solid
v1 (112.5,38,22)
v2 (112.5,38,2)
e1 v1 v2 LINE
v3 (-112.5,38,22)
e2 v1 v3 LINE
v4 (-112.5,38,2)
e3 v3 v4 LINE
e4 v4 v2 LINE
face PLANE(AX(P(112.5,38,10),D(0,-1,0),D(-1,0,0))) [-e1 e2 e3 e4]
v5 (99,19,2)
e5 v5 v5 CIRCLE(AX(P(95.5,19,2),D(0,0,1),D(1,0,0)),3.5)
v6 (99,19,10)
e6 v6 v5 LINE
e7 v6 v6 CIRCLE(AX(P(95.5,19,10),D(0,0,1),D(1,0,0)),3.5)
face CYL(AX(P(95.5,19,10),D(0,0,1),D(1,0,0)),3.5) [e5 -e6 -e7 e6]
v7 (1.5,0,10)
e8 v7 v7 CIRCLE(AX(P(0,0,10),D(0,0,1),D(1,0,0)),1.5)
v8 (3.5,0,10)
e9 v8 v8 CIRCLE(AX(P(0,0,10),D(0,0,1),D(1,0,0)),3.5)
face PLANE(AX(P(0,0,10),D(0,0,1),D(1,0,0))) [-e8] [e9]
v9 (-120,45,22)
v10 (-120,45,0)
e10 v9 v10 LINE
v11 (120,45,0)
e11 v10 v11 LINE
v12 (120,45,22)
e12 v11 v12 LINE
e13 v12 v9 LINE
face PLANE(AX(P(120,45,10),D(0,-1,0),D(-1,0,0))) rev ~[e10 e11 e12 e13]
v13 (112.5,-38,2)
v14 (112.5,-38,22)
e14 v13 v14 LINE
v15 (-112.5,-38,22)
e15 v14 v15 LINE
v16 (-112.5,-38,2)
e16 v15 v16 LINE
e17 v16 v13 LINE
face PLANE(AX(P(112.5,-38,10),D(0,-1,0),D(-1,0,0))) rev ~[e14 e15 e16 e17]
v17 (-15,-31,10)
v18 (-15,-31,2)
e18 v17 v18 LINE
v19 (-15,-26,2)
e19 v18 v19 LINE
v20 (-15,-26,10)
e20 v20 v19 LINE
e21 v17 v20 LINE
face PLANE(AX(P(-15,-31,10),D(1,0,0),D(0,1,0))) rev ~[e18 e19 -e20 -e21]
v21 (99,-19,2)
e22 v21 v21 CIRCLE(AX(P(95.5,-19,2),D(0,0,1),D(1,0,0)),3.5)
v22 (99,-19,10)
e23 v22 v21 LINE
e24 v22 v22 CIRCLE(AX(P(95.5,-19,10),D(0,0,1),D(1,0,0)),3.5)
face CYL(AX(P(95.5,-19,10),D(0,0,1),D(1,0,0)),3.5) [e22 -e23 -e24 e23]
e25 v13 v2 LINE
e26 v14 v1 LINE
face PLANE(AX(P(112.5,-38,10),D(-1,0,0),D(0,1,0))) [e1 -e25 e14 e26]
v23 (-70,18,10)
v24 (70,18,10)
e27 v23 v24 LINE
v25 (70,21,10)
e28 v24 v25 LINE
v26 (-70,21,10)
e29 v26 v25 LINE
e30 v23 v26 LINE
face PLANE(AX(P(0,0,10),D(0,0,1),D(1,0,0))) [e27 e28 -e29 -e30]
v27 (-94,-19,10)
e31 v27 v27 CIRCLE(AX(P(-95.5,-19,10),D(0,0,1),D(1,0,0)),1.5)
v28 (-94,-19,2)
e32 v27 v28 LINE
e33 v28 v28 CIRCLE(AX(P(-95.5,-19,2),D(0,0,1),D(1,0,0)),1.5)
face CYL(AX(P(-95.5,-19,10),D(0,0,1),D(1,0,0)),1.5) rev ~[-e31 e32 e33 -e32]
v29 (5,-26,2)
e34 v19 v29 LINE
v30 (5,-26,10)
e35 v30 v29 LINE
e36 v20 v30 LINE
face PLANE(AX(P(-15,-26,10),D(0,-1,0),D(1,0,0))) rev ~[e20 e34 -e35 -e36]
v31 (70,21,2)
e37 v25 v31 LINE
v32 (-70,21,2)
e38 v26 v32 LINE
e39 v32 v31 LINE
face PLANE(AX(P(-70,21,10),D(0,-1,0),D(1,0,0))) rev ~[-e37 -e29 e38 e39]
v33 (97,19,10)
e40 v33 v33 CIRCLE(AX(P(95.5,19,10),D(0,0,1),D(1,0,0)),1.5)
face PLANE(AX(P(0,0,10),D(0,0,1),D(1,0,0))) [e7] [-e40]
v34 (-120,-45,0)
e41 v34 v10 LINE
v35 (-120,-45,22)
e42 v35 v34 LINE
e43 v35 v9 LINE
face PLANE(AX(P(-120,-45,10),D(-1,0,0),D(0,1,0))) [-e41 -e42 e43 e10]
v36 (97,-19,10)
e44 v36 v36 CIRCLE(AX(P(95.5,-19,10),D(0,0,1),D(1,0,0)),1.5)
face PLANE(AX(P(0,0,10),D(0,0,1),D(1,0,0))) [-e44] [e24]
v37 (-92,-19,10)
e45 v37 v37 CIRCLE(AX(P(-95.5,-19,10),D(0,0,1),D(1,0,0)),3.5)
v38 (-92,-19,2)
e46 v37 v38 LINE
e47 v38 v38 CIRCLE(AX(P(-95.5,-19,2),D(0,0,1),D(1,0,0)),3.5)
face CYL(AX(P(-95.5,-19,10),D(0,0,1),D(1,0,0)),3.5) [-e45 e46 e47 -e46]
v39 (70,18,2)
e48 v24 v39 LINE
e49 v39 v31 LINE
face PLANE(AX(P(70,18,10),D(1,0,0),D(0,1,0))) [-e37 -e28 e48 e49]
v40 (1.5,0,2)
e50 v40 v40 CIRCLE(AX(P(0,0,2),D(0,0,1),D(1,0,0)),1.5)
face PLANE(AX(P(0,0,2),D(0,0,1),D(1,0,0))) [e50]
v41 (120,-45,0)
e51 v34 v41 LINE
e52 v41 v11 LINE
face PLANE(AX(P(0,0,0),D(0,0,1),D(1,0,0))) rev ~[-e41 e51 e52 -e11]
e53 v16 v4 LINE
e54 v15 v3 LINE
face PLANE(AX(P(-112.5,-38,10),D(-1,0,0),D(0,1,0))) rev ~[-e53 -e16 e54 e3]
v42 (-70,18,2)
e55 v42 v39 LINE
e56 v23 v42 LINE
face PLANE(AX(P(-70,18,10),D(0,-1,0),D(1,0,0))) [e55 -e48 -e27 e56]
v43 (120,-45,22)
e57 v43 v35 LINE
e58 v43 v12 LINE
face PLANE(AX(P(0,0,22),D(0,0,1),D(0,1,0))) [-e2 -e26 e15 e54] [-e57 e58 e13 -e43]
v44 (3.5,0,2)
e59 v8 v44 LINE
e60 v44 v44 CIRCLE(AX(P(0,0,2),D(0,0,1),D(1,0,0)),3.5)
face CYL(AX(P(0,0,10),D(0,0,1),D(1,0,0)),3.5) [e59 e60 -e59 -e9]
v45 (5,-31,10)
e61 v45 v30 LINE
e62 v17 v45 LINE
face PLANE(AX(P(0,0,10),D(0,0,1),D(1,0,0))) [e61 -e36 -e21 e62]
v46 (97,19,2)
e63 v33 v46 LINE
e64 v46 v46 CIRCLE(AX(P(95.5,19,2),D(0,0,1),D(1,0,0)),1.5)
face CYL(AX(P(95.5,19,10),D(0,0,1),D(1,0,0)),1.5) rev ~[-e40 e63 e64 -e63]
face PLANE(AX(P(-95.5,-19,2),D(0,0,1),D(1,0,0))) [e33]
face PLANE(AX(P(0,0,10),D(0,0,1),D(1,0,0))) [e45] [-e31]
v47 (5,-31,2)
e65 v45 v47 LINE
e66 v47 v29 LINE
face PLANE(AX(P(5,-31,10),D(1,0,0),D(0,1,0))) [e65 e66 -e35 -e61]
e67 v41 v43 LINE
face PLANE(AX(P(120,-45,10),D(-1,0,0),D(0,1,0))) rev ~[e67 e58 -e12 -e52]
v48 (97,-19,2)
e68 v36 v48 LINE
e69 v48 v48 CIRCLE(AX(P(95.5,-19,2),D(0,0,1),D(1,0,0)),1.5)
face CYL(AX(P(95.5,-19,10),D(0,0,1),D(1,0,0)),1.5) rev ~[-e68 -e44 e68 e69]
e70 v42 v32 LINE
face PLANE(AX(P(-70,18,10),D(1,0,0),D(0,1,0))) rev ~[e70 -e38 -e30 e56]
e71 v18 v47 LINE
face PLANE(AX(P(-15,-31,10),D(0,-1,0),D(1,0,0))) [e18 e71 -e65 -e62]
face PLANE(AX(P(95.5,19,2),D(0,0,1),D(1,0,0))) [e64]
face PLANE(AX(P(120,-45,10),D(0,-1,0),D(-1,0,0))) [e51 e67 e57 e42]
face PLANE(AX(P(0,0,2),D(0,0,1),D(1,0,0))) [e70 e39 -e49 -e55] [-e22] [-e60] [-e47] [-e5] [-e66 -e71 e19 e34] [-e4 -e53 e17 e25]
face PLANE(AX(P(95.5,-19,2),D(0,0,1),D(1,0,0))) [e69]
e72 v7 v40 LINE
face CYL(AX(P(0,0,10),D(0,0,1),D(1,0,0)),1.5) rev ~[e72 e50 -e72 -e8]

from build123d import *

# Parameters (mm, degrees)
SKETCH_W         = 240
SKETCH_H         = 90
PAD_DEPTH        = 10
SKETCH001_W      = 225
SKETCH001_H      = 76
SKETCH001_R      = 3.5
SKETCH001_W_2    = 140
SKETCH001_H_2    = 3
SKETCH001_W_3    = 20
SKETCH001_H_3    = 5
SKETCH001_R_2    = 1.5
POCKET_DEPTH     = 8
POCKET_FACE5_W   = 90
POCKET_FACE5_H   = 240
POCKET_FACE5_W_2 = 76
POCKET_FACE5_H_2 = 225
PAD001_DEPTH     = 12


with BuildPart() as part:
    # Sketch → Pad (new body)
    with BuildSketch(Plane.XY):
        Rectangle(SKETCH_W, SKETCH_H)
    extrude(amount=PAD_DEPTH)

    # Sketch001 (on Face6 of Pad) → Pocket (cut)
    with BuildSketch(Plane.XY.offset(10)):
        Rectangle(SKETCH001_W, SKETCH001_H)
        Circle(SKETCH001_R, mode=Mode.SUBTRACT)
        with Locations((-95.5, -19)):
            Circle(SKETCH001_R, mode=Mode.SUBTRACT)
        with Locations((95.5, 19)):
            Circle(SKETCH001_R, mode=Mode.SUBTRACT)
        with Locations((95.5, -19)):
            Circle(SKETCH001_R, mode=Mode.SUBTRACT)
        with Locations((0, 19.5)):
            Rectangle(SKETCH001_W_2, SKETCH001_H_2, mode=Mode.SUBTRACT)
        with Locations((-5, -28.5)):
            Rectangle(SKETCH001_W_3, SKETCH001_H_3, mode=Mode.SUBTRACT)
        with Locations((-95.5, -19)):
            Circle(SKETCH001_R_2)
        with Locations((95.5, 19)):
            Circle(SKETCH001_R_2)
        with Locations((95.5, -19)):
            Circle(SKETCH001_R_2)
        Circle(SKETCH001_R_2)
    extrude(amount=-POCKET_DEPTH, mode=Mode.SUBTRACT)

    # Pocket Face5 → Pad001 (add)
    with BuildSketch(Plane(origin=(0, 0, 10), x_dir=(0, 1, 0), z_dir=(0, 0, 1))):
        Rectangle(POCKET_FACE5_W, POCKET_FACE5_H)
        Rectangle(POCKET_FACE5_W_2, POCKET_FACE5_H_2, mode=Mode.SUBTRACT)
    extrude(amount=PAD001_DEPTH)


solid = part.part
